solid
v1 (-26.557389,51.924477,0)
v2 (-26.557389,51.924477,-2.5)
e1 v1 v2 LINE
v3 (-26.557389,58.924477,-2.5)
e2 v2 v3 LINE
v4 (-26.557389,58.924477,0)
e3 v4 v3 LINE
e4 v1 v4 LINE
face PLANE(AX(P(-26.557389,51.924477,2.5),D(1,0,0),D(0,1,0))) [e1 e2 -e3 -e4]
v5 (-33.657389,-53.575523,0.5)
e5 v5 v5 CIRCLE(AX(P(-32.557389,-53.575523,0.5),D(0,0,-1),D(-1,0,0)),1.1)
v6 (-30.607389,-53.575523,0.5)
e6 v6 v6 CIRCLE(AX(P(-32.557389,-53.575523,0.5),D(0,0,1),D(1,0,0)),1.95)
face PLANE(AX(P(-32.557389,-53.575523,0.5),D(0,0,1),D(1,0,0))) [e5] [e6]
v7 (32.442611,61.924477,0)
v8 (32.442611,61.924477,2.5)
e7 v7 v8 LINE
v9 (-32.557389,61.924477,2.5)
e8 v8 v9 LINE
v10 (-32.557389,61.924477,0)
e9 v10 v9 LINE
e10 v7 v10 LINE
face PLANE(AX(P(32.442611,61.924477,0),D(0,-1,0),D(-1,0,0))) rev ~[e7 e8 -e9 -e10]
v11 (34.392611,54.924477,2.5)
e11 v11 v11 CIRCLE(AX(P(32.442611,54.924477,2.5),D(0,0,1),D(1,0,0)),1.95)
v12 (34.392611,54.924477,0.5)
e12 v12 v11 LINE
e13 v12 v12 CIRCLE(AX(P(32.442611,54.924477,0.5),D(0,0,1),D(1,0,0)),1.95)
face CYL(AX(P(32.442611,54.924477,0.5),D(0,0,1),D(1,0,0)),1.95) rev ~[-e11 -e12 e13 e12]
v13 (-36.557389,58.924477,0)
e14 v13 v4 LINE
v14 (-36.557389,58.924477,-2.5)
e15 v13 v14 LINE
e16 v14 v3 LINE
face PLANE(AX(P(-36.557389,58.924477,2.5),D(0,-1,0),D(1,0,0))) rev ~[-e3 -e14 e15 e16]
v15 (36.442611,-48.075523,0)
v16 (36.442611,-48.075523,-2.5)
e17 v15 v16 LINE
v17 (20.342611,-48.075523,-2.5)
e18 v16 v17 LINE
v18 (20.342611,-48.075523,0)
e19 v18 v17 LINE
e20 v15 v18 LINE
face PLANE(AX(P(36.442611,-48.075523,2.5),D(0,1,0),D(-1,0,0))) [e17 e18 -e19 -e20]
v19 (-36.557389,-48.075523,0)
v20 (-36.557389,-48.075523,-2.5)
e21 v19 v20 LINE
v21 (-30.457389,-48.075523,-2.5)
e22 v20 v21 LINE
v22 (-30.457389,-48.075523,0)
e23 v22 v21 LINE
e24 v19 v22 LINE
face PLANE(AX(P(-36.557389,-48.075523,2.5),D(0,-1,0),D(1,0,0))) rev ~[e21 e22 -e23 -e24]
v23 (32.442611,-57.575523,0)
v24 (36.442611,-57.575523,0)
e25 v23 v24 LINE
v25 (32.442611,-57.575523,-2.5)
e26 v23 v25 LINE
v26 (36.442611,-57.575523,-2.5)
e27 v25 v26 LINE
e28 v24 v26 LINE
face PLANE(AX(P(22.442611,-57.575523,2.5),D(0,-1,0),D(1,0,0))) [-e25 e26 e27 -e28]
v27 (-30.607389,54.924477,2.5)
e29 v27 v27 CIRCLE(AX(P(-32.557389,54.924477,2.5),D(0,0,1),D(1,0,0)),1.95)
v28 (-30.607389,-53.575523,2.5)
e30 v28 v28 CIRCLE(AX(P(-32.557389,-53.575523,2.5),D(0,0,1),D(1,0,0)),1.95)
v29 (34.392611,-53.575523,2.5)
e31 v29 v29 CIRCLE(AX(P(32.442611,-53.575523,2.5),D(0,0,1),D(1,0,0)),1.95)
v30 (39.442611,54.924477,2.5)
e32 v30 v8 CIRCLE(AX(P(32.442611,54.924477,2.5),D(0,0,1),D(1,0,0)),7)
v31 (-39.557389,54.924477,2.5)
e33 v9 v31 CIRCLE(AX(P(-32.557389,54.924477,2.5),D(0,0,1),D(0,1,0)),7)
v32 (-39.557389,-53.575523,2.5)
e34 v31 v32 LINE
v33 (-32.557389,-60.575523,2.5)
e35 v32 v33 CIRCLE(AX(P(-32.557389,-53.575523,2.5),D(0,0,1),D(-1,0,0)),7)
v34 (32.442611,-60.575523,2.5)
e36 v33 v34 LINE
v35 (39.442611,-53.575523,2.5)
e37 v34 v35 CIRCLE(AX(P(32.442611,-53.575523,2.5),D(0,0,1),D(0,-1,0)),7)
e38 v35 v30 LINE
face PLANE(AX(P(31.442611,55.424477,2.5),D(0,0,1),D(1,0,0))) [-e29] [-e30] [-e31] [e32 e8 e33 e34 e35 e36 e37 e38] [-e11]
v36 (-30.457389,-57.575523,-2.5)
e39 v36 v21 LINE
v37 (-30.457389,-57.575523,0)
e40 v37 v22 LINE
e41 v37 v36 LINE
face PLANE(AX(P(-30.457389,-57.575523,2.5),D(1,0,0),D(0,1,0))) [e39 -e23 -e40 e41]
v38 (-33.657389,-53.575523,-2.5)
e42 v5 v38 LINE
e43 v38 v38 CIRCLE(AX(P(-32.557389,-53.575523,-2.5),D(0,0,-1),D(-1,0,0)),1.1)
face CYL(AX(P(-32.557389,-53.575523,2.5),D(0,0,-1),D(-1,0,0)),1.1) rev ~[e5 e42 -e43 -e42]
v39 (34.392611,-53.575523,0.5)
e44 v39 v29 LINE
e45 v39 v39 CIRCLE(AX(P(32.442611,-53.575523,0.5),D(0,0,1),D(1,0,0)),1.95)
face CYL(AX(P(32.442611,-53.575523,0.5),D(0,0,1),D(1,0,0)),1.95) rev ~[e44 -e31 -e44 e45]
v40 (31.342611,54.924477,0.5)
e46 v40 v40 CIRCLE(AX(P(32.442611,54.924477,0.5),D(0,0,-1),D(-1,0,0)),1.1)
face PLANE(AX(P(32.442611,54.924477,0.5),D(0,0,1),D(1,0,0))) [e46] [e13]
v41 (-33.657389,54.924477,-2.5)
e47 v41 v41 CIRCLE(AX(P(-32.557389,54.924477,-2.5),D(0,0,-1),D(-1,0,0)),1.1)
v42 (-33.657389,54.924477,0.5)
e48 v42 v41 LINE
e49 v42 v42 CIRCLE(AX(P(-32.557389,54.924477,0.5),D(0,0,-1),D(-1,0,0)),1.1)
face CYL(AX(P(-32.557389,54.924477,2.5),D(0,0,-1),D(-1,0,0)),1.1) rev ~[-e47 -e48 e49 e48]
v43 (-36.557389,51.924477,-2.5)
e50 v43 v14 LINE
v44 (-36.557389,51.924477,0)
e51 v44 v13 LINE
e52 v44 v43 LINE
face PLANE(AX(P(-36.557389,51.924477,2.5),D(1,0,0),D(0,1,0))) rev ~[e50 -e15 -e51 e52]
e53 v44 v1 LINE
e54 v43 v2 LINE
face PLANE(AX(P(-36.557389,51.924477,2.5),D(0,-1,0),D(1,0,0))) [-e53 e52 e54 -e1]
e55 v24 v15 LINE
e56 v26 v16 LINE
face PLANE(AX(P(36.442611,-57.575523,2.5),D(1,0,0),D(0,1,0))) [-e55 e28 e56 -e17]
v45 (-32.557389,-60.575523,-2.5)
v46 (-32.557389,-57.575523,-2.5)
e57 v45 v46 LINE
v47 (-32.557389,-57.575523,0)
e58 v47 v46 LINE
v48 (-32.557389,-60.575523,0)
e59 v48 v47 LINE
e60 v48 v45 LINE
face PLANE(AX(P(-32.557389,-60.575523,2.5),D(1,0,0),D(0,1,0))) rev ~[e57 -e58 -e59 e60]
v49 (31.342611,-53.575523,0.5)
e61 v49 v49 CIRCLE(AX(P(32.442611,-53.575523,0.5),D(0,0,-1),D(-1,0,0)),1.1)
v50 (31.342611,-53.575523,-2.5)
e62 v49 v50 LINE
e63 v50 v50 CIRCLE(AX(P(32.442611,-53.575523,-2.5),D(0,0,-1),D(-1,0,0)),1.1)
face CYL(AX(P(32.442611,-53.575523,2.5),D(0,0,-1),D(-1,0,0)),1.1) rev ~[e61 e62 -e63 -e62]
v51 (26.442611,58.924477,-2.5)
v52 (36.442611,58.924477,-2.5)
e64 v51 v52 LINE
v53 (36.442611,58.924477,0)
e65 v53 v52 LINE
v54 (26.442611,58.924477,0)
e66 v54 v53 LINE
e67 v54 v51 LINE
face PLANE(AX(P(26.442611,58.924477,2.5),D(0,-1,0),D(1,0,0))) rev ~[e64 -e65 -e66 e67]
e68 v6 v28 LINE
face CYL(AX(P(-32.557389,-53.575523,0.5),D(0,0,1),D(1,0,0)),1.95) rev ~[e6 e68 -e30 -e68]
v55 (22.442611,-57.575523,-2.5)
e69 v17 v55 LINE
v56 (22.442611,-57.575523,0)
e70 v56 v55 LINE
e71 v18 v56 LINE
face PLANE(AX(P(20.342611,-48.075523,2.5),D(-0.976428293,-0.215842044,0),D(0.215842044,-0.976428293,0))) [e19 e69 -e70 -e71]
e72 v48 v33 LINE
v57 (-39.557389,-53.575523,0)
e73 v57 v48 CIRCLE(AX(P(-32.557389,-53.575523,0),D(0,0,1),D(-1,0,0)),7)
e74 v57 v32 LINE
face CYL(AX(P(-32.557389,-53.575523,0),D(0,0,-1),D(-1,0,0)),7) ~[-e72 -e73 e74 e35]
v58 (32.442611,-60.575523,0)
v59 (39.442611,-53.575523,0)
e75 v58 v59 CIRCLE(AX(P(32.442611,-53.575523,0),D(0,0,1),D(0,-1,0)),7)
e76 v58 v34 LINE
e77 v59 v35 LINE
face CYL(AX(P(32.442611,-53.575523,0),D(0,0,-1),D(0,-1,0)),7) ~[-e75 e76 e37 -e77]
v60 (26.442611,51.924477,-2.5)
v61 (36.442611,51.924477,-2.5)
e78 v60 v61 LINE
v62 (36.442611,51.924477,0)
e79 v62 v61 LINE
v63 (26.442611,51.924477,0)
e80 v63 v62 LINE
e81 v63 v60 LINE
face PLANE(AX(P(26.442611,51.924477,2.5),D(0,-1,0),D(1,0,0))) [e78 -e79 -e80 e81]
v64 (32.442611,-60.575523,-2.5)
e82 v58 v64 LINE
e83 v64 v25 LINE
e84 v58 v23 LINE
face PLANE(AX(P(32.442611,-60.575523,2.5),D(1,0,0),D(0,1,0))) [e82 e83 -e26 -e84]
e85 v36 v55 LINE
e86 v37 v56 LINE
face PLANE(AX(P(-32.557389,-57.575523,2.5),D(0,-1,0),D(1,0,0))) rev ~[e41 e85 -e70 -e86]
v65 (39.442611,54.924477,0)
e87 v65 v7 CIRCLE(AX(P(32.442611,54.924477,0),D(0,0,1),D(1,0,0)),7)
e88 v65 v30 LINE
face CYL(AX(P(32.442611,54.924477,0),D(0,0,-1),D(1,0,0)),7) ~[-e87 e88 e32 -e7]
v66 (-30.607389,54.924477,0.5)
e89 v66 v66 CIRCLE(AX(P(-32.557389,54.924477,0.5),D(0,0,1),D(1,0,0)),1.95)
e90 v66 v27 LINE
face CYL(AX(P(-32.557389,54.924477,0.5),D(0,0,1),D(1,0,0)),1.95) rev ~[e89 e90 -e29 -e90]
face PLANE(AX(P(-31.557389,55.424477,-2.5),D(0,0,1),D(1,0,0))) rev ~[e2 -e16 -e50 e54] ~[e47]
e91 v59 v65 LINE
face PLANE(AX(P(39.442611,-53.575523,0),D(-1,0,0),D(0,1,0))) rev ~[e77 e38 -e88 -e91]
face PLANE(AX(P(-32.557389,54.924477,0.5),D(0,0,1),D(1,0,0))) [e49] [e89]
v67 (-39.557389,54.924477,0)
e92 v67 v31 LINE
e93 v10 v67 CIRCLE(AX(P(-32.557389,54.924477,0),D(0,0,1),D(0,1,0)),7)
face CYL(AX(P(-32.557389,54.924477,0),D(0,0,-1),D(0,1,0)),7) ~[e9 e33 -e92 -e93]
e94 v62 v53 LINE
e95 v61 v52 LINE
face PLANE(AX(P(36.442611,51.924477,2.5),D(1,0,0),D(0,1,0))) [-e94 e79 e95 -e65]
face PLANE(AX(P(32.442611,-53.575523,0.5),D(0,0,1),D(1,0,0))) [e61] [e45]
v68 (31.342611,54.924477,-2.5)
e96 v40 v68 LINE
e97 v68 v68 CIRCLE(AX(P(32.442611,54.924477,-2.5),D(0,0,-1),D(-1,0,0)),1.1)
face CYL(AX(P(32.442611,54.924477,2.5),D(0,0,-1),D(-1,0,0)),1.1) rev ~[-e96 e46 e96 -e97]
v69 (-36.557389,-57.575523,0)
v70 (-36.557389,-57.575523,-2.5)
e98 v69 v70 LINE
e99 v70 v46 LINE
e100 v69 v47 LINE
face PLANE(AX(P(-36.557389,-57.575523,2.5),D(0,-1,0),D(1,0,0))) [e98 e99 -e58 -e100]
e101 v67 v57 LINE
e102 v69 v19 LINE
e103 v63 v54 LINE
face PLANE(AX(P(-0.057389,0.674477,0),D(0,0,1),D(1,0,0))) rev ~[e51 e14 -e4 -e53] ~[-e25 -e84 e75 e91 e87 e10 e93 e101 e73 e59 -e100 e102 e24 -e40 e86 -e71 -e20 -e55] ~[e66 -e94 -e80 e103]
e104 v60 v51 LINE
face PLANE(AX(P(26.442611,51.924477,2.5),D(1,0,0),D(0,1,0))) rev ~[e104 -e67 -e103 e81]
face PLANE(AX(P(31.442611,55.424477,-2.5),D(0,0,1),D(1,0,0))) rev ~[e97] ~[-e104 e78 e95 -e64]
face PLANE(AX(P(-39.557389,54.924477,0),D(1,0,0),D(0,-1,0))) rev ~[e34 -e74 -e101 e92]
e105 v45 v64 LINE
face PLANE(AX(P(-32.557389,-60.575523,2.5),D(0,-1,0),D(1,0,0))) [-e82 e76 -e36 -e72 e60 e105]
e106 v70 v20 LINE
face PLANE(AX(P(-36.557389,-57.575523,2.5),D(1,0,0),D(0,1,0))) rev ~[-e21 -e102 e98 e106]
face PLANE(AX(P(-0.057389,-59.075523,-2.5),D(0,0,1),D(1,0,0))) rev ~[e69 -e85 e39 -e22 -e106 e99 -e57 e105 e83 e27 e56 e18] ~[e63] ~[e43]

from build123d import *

# Parameters (mm, degrees)
F5_DEPTH       = 2.5
F3_W           = 10
F3_H           = 7
F3_W_2         = 6.1
F3_H_2         = 9.5
F7_DEPTH       = 5
F8_D           = 2.2
F8_DEPTH       = 10
F8_CBORE_D     = 3.9
F8_CBORE_DEPTH = 2
F8_TIP         = 0.6609466809
F6_W           = 65
F6_H           = 3
F9_DEPTH       = 5


with BuildPart() as f5:
    # F0 (on Top) → F5 (new body)
    with BuildSketch(Plane.XY):
        with BuildLine():
            Line((32.4426109495, 61.9244772196), (-32.5573890505, 61.9244772196))
            ThreePointArc((-32.5573890505, 61.9244772196), (-37.5071365188, 59.8742246879), (-39.5573890505, 54.9244772196))
            Line((-39.5573890505, 54.9244772196), (-39.5573890505, -53.5755227804))
            ThreePointArc((-39.5573890505, -53.5755227804), (-37.5071365188, -58.5252702487), (-32.5573890505, -60.5755227804))
            Line((-32.5573890505, -60.5755227804), (32.4426109495, -60.5755227804))
            ThreePointArc((32.4426109495, -60.5755227804), (37.3923584178, -58.5252702487), (39.4426109495, -53.5755227804))
            Line((39.4426109495, -53.5755227804), (39.4426109495, 54.9244772196))
            ThreePointArc((39.4426109495, 54.9244772196), (37.3923584178, 59.8742246879), (32.4426109495, 61.9244772196))
        make_face()
        with BuildLine():
            ThreePointArc((-36.5573890505, 54.9244772196), (-35.3858161753, 57.7529043443), (-32.5573890505, 58.9244772196))
            Line((-32.5573890505, 58.9244772196), (32.4426109495, 58.9244772196))
            ThreePointArc((32.4426109495, 58.9244772196), (35.2710380742, 57.7529043443), (36.4426109495, 54.9244772196))
            Line((36.4426109495, 54.9244772196), (36.4426109495, -53.5755227804))
            ThreePointArc((36.4426109495, -53.5755227804), (35.2710380742, -56.4039499052), (32.4426109495, -57.5755227804))
            Line((32.4426109495, -57.5755227804), (-32.5573890505, -57.5755227804))
            ThreePointArc((-32.5573890505, -57.5755227804), (-35.3858161753, -56.4039499052), (-36.5573890505, -53.5755227804))
            Line((-36.5573890505, -53.5755227804), (-36.5573890505, 54.9244772196))
        make_face(mode=Mode.SUBTRACT)
        with BuildLine():
            Line((32.4426109495, 58.9244772196), (-32.5573890505, 58.9244772196))
            ThreePointArc((-32.5573890505, 58.9244772196), (-35.3858161753, 57.7529043443), (-36.5573890505, 54.9244772196))
            Line((-36.5573890505, 54.9244772196), (-36.5573890505, -53.5755227804))
            ThreePointArc((-36.5573890505, -53.5755227804), (-35.3858161753, -56.4039499052), (-32.5573890505, -57.5755227804))
            Line((-32.5573890505, -57.5755227804), (32.4426109495, -57.5755227804))
            ThreePointArc((32.4426109495, -57.5755227804), (35.2710380742, -56.4039499052), (36.4426109495, -53.5755227804))
            Line((36.4426109495, -53.5755227804), (36.4426109495, 54.9244772196))
            ThreePointArc((36.4426109495, 54.9244772196), (35.2710380742, 57.7529043443), (32.4426109495, 58.9244772196))
        make_face()
    extrude(amount=F5_DEPTH)

    # F3 (on offset) → F7 (join)
    with BuildSketch(Plane.XY.offset(2.5)):
        with Locations((31.4426109495, 55.4244772196)):
            Rectangle(F3_W, F3_H)
        with Locations((-31.5573890505, 55.4244772196)):
            Rectangle(F3_W, F3_H)
        with Locations((-33.5073890505, -52.8255227804)):
            Rectangle(F3_W_2, F3_H_2)
        Polygon((36.4426109495, -57.5755227804), (36.4426109495, -48.0755227804), (20.3426109495, -48.0755227804), (22.4426109495, -57.5755227804), align=None)
    extrude(amount=-F7_DEPTH)

    # F8
    with Locations(Plane.XY.offset(2.5)):
        with Locations((-32.5573890505, 54.9244772196), (32.4426109495, 54.9244772196), (32.4426109495, -53.5755227804), (-32.5573890505, -53.5755227804)):
            CounterBoreHole(F8_D / 2, F8_CBORE_D / 2, F8_CBORE_DEPTH, depth=F8_DEPTH)
            with Locations((0, 0, -(F8_DEPTH + F8_TIP / 2))):  # 118° drill point
                Cone(0, F8_D / 2, F8_TIP, mode=Mode.SUBTRACT)

    # F6 (on offset) → F9 (join)
    with BuildSketch(Plane.XY.offset(2.5)):
        with Locations((-0.0573890505, -59.0755227804)):
            Rectangle(F6_W, F6_H)
    extrude(amount=-F9_DEPTH)


solid = f5.part
